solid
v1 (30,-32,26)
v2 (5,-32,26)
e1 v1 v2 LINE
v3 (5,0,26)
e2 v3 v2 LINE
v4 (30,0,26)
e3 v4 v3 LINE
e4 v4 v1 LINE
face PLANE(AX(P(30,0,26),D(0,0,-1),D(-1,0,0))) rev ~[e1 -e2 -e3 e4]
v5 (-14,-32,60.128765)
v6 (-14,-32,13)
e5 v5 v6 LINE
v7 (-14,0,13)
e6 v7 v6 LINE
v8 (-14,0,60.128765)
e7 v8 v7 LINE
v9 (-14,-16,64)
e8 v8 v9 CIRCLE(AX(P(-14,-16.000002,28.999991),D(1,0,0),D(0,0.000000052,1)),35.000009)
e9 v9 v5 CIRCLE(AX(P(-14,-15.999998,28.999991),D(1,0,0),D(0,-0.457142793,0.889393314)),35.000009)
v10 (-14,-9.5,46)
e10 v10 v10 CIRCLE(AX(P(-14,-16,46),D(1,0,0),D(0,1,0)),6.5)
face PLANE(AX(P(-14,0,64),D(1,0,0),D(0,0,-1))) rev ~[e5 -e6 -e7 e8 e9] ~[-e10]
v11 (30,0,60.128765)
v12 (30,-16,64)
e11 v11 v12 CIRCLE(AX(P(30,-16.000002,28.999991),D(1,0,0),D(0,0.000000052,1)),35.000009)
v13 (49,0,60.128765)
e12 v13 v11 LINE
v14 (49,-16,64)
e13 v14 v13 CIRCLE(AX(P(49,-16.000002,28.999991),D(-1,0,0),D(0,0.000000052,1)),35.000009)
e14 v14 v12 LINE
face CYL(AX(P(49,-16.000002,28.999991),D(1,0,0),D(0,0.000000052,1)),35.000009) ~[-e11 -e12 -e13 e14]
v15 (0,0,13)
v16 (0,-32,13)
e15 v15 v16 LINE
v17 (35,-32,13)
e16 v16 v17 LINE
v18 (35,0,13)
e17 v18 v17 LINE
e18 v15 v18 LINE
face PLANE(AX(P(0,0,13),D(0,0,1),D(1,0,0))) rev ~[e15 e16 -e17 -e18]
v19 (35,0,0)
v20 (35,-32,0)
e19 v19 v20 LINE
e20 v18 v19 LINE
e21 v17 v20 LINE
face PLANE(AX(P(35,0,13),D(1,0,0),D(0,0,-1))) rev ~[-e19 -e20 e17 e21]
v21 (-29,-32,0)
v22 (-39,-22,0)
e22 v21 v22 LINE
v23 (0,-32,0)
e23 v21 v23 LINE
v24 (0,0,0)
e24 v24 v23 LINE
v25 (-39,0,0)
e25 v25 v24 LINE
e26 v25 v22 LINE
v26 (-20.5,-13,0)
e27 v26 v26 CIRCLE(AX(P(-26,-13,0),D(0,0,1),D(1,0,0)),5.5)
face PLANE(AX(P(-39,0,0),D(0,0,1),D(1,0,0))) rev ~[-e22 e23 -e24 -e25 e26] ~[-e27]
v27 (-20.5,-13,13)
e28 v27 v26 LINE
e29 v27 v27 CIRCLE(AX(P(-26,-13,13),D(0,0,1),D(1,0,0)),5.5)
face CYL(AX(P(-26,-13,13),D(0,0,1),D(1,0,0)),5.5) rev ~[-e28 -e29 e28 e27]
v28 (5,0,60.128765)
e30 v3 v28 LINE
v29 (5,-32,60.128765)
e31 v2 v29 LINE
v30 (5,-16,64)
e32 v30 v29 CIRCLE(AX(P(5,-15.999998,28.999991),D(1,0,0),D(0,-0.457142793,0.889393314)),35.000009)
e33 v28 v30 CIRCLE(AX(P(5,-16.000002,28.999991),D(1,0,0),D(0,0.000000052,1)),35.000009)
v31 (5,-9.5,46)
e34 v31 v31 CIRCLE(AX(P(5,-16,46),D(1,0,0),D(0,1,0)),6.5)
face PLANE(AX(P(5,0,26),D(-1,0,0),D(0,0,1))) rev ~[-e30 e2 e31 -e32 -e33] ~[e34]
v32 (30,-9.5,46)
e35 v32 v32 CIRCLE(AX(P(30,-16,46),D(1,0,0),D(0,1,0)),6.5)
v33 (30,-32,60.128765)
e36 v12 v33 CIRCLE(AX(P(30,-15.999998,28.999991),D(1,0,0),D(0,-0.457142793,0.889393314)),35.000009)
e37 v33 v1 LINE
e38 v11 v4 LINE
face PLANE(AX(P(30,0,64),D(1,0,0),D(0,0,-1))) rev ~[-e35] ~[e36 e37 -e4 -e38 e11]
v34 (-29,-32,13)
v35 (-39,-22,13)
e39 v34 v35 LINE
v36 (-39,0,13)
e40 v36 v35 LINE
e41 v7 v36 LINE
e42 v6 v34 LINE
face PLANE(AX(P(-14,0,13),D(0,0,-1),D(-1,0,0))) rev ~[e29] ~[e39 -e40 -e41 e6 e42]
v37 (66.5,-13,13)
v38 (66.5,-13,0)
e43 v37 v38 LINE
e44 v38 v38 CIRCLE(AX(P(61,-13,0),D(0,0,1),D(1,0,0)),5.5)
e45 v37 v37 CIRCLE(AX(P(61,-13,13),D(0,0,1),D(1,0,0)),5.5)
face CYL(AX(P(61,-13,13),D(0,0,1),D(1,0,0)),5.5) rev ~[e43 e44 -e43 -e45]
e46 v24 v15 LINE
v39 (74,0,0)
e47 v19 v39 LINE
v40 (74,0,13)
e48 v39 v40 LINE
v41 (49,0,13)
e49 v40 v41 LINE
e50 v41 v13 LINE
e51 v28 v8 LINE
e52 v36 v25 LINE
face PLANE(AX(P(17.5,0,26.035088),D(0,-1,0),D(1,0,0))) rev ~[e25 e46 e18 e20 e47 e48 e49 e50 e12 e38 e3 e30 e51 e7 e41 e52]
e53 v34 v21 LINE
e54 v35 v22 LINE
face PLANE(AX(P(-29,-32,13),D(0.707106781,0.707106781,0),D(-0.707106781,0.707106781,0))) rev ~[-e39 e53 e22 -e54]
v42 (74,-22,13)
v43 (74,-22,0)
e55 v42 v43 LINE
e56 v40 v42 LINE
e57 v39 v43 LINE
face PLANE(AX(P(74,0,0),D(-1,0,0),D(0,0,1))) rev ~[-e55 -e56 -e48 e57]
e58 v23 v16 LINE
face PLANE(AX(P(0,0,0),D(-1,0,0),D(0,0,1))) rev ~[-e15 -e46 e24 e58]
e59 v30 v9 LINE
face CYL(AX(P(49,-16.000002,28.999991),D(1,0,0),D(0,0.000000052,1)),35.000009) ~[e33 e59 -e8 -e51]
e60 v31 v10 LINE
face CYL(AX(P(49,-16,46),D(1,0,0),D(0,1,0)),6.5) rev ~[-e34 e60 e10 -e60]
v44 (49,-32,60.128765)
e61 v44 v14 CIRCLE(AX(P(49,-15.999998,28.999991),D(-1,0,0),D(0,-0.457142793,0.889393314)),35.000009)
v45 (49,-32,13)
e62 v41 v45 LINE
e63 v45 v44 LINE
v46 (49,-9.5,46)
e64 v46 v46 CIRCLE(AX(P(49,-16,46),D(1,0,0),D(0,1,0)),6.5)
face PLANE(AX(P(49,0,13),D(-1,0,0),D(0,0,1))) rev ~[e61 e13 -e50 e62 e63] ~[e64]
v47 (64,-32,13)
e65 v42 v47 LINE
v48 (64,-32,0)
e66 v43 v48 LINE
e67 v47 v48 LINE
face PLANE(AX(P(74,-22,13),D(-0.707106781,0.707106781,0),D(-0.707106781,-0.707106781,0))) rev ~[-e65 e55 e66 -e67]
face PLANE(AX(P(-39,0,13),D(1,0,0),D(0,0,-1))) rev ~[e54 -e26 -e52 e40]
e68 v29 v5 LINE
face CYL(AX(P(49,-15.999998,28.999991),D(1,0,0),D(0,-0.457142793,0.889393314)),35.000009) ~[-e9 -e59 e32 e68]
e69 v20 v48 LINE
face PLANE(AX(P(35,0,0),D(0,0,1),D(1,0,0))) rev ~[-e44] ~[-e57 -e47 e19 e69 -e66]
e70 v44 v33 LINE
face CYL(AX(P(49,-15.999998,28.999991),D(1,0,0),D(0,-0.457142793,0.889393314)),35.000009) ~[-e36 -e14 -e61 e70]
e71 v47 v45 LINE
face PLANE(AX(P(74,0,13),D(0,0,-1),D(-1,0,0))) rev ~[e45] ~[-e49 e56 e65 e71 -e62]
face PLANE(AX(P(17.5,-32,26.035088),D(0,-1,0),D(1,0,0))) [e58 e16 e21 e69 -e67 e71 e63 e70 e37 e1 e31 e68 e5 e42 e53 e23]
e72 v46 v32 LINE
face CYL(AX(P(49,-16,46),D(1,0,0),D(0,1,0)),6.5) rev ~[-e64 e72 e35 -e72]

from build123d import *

# Parameters (mm, degrees)
F1_DEPTH  = 32
F3_DEPTH  = 13.001
F4_R      = 5.5
F5_DEPTH  = 13.001
F6_R      = 6.5
F7_DEPTH  = 88.001
F9_DEPTH  = 88.001
F10_DEPTH = 88.001


with BuildPart() as f1:
    # F0 (on Front) → F1 (new body)
    with BuildSketch(Plane.XZ):
        Polygon((-39, 0), (0, 0), (0, 13), (35, 13), (35, 0), (74, 0), (74, 13), (49, 13), (49, 64), (30, 64), (30, 26), (5, 26), (5, 64), (-14, 64), (-14, 13), (-39, 13), align=None)
    extrude(amount=F1_DEPTH)

    # F2 (on face) → F3 (cut, through all)
    with BuildSketch(Plane.XY.offset(13)):
        Polygon((74, -22), (64, -32), (74, -32), align=None)
        Polygon((-39, -32), (-29, -32), (-39, -22), align=None)
    extrude(amount=-F3_DEPTH, mode=Mode.SUBTRACT)

    # F4 (on face) → F5 (cut, through all)
    with BuildSketch(Plane.XY.offset(13)):
        with Locations((-26, -13)):
            Circle(F4_R)
        with Locations((61, -13)):
            Circle(F4_R)
    extrude(amount=-F5_DEPTH, mode=Mode.SUBTRACT)

    # F6 (on face) → F7 (cut, through all)
    with BuildSketch(Plane.YZ.offset(49)):
        with Locations((-16, 46)):
            Circle(F6_R)
    extrude(amount=-F7_DEPTH, mode=Mode.SUBTRACT)

    # F8 (on face) → F9 (cut, through all)
    with BuildSketch(Plane.YZ.offset(49)):
        with BuildLine():
            ThreePointArc((-32, 60.128765), (-24.230833, 63.018427), (-16, 64))
            Line((-16, 64), (-32, 64))
            Line((-32, 64), (-32, 60.128765))
        make_face()
        with BuildLine():
            ThreePointArc((-16, 64), (-7.769167, 63.018427), (0, 60.128765))
            Line((0, 60.128765), (0, 64))
            Line((0, 64), (-16, 64))
        make_face()
    extrude(amount=-F9_DEPTH, mode=Mode.SUBTRACT)

    # F8 (on face) → F10 (cut, through all)
    with BuildSketch(Plane.YZ.offset(49)):
        with BuildLine():
            ThreePointArc((-32, 60.128765), (-24.230833, 63.018427), (-16, 64))
            Line((-16, 64), (-32, 64))
            Line((-32, 64), (-32, 60.128765))
        make_face()
        with BuildLine():
            ThreePointArc((-16, 64), (-7.769167, 63.018427), (0, 60.128765))
            Line((0, 60.128765), (0, 64))
            Line((0, 64), (-16, 64))
        make_face()
    extrude(amount=-F10_DEPTH, mode=Mode.SUBTRACT)


solid = f1.part
